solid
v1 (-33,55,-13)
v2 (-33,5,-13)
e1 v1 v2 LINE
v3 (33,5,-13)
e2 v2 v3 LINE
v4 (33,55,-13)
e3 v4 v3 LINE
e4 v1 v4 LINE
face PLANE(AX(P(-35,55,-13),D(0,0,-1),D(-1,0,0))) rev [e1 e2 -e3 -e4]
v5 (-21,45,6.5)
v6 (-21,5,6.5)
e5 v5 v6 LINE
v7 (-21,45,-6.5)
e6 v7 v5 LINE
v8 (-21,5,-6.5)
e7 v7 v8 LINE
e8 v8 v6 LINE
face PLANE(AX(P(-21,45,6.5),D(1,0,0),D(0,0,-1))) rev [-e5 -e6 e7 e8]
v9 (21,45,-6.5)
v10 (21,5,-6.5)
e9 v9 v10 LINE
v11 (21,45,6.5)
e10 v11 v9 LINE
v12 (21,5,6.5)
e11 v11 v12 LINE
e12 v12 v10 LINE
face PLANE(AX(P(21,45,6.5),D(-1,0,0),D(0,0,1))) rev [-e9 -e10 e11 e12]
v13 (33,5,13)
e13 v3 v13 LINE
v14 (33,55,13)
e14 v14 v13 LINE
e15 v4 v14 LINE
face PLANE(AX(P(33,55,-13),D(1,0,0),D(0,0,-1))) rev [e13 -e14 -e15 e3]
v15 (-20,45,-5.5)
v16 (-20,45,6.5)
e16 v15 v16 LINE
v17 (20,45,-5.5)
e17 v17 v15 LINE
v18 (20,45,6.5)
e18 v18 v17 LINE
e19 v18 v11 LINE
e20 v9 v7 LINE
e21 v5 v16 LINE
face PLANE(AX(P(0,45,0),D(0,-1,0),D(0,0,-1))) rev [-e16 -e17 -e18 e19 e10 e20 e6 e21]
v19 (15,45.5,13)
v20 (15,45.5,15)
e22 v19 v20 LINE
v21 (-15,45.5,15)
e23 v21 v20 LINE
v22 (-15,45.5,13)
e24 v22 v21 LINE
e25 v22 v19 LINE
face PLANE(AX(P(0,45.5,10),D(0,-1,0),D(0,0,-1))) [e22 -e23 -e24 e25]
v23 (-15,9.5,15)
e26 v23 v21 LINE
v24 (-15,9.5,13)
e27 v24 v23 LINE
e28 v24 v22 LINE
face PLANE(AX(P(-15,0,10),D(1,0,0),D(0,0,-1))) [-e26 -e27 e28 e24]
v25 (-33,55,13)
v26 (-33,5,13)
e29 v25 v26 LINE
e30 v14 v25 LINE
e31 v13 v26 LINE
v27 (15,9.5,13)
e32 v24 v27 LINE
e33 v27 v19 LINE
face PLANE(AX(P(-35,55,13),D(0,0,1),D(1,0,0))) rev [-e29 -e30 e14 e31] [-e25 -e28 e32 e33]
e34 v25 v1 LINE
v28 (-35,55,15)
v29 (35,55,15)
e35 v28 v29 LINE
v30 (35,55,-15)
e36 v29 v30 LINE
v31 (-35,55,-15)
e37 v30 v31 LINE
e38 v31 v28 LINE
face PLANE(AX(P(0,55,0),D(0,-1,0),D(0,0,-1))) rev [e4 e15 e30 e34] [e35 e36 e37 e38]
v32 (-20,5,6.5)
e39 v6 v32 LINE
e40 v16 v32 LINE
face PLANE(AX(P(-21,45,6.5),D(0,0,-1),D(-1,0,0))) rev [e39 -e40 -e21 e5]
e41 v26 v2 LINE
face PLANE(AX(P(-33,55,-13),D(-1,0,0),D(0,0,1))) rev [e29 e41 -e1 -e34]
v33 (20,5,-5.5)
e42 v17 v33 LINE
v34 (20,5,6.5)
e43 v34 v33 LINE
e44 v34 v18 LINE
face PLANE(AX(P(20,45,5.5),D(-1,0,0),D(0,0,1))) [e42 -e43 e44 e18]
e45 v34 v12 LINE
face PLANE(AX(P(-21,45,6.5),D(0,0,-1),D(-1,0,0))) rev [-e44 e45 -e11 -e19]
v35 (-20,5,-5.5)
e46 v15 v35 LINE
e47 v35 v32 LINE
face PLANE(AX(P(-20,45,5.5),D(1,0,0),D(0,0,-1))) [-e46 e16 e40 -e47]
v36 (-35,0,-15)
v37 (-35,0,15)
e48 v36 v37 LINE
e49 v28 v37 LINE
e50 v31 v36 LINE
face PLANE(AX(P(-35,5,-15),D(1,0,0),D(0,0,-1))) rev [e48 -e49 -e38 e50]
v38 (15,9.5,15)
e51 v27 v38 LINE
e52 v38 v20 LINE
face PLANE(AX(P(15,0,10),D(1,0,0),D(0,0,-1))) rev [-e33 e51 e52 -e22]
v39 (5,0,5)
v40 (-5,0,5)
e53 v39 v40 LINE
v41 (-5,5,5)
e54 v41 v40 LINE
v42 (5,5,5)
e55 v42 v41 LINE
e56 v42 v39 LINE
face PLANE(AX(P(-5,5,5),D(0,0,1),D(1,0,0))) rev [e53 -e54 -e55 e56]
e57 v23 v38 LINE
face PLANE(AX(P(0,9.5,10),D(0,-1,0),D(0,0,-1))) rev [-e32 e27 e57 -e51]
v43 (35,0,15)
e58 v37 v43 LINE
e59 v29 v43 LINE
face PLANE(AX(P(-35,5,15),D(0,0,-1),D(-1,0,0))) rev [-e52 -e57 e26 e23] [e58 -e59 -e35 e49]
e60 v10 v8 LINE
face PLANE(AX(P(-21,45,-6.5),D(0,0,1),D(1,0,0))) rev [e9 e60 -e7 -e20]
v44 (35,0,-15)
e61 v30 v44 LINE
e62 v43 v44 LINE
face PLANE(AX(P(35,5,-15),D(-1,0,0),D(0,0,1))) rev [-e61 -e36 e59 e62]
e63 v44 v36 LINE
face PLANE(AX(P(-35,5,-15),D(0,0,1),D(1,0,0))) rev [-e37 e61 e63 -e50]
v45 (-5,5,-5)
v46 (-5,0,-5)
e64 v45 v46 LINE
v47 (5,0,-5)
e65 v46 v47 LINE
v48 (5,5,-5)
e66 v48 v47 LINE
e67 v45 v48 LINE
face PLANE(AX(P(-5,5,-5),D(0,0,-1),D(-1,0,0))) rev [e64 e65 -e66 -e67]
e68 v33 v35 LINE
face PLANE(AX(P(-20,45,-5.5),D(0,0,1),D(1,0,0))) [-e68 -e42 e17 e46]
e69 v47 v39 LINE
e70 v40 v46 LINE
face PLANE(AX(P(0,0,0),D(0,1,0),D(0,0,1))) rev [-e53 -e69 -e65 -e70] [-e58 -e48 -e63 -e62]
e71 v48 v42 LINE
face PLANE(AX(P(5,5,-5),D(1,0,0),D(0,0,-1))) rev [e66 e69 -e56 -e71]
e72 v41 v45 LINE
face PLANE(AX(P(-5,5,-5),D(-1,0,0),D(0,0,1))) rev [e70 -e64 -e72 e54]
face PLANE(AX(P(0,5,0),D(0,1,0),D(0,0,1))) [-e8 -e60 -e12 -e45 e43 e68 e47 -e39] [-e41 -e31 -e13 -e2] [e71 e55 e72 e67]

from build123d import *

# Parameters (mm, degrees)
SKETCH1_W           = 70
SKETCH1_H           = 30
BOSS_EXTRUDE1_DEPTH = 5
SKETCH2_W           = 70
SKETCH2_H           = 2
BOSS_EXTRUDE2_DEPTH = 50
SKETCH3_W           = 2
SKETCH3_H           = 26
BOSS_EXTRUDE3_DEPTH = 50
SKETCH4_W           = 42
SKETCH4_H           = 13
SKETCH4_W_2         = 40
SKETCH4_H_2         = 11
BOSS_EXTRUDE4_DEPTH = 40
SKETCH6_W           = 40
SKETCH6_H           = 40
CUT_EXTRUDE1_DEPTH  = 2
SKETCH7_W           = 15
SKETCH7_H           = 18
CUT_EXTRUDE2_DEPTH  = 5
SKETCH8_W           = 10
SKETCH8_H           = 10
CUT_EXTRUDE3_DEPTH  = 5


with BuildPart() as part:
    # Sketch1 → Boss-Extrude1 (new body)
    with BuildSketch(Plane(origin=(0, 0, 0), x_dir=(1, 0, 0), z_dir=(0, 1, 0))):
        Rectangle(SKETCH1_W, SKETCH1_H)
    extrude(amount=BOSS_EXTRUDE1_DEPTH)

    # Sketch2 → Boss-Extrude2 (add)
    with BuildSketch(Plane(origin=(0, 5, 0), x_dir=(1, 0, 0), z_dir=(0, 1, 0))):
        with Locations((0, -14)):
            Rectangle(SKETCH2_W, SKETCH2_H)
        with Locations((0, 14)):
            Rectangle(SKETCH2_W, SKETCH2_H)
    extrude(amount=BOSS_EXTRUDE2_DEPTH)

    # Sketch3 → Boss-Extrude3 (add)
    with BuildSketch(Plane(origin=(0, 5, 0), x_dir=(1, 0, 0), z_dir=(0, 1, 0))):
        with Locations((-34, 0)):
            Rectangle(SKETCH3_W, SKETCH3_H)
        with Locations((34, 0)):
            Rectangle(SKETCH3_W, SKETCH3_H)
    extrude(amount=BOSS_EXTRUDE3_DEPTH)

    # Sketch4 → Boss-Extrude4 (add)
    with BuildSketch(Plane(origin=(0, 5, 0), x_dir=(1, 0, 0), z_dir=(0, 1, 0))):
        Rectangle(SKETCH4_W, SKETCH4_H)
        Rectangle(SKETCH4_W_2, SKETCH4_H_2, mode=Mode.SUBTRACT)
    extrude(amount=BOSS_EXTRUDE4_DEPTH)

    # Sketch6 → Cut-Extrude1 (cut)
    with BuildSketch(Plane.XY.offset(6.5)):
        with Locations((0, 25)):
            Rectangle(SKETCH6_W, SKETCH6_H)
    extrude(amount=-CUT_EXTRUDE1_DEPTH, mode=Mode.SUBTRACT)

    # Sketch7 → Cut-Extrude2 (cut)
    with BuildSketch(Plane.XY.offset(15)):
        with Locations((-7.5, 36.5)):
            Rectangle(SKETCH7_W, SKETCH7_H)
        with Locations((7.5, 36.5)):
            Rectangle(SKETCH7_W, SKETCH7_H)
        with Locations((7.5, 18.5)):
            Rectangle(SKETCH7_W, SKETCH7_H)
        with Locations((-7.5, 18.5)):
            Rectangle(SKETCH7_W, SKETCH7_H)
    extrude(amount=-CUT_EXTRUDE2_DEPTH, mode=Mode.SUBTRACT)

    # Sketch8 → Cut-Extrude3 (cut)
    with BuildSketch(Plane.XZ):
        Rectangle(SKETCH8_W, SKETCH8_H)
    extrude(amount=-CUT_EXTRUDE3_DEPTH, mode=Mode.SUBTRACT)


solid = part.part
